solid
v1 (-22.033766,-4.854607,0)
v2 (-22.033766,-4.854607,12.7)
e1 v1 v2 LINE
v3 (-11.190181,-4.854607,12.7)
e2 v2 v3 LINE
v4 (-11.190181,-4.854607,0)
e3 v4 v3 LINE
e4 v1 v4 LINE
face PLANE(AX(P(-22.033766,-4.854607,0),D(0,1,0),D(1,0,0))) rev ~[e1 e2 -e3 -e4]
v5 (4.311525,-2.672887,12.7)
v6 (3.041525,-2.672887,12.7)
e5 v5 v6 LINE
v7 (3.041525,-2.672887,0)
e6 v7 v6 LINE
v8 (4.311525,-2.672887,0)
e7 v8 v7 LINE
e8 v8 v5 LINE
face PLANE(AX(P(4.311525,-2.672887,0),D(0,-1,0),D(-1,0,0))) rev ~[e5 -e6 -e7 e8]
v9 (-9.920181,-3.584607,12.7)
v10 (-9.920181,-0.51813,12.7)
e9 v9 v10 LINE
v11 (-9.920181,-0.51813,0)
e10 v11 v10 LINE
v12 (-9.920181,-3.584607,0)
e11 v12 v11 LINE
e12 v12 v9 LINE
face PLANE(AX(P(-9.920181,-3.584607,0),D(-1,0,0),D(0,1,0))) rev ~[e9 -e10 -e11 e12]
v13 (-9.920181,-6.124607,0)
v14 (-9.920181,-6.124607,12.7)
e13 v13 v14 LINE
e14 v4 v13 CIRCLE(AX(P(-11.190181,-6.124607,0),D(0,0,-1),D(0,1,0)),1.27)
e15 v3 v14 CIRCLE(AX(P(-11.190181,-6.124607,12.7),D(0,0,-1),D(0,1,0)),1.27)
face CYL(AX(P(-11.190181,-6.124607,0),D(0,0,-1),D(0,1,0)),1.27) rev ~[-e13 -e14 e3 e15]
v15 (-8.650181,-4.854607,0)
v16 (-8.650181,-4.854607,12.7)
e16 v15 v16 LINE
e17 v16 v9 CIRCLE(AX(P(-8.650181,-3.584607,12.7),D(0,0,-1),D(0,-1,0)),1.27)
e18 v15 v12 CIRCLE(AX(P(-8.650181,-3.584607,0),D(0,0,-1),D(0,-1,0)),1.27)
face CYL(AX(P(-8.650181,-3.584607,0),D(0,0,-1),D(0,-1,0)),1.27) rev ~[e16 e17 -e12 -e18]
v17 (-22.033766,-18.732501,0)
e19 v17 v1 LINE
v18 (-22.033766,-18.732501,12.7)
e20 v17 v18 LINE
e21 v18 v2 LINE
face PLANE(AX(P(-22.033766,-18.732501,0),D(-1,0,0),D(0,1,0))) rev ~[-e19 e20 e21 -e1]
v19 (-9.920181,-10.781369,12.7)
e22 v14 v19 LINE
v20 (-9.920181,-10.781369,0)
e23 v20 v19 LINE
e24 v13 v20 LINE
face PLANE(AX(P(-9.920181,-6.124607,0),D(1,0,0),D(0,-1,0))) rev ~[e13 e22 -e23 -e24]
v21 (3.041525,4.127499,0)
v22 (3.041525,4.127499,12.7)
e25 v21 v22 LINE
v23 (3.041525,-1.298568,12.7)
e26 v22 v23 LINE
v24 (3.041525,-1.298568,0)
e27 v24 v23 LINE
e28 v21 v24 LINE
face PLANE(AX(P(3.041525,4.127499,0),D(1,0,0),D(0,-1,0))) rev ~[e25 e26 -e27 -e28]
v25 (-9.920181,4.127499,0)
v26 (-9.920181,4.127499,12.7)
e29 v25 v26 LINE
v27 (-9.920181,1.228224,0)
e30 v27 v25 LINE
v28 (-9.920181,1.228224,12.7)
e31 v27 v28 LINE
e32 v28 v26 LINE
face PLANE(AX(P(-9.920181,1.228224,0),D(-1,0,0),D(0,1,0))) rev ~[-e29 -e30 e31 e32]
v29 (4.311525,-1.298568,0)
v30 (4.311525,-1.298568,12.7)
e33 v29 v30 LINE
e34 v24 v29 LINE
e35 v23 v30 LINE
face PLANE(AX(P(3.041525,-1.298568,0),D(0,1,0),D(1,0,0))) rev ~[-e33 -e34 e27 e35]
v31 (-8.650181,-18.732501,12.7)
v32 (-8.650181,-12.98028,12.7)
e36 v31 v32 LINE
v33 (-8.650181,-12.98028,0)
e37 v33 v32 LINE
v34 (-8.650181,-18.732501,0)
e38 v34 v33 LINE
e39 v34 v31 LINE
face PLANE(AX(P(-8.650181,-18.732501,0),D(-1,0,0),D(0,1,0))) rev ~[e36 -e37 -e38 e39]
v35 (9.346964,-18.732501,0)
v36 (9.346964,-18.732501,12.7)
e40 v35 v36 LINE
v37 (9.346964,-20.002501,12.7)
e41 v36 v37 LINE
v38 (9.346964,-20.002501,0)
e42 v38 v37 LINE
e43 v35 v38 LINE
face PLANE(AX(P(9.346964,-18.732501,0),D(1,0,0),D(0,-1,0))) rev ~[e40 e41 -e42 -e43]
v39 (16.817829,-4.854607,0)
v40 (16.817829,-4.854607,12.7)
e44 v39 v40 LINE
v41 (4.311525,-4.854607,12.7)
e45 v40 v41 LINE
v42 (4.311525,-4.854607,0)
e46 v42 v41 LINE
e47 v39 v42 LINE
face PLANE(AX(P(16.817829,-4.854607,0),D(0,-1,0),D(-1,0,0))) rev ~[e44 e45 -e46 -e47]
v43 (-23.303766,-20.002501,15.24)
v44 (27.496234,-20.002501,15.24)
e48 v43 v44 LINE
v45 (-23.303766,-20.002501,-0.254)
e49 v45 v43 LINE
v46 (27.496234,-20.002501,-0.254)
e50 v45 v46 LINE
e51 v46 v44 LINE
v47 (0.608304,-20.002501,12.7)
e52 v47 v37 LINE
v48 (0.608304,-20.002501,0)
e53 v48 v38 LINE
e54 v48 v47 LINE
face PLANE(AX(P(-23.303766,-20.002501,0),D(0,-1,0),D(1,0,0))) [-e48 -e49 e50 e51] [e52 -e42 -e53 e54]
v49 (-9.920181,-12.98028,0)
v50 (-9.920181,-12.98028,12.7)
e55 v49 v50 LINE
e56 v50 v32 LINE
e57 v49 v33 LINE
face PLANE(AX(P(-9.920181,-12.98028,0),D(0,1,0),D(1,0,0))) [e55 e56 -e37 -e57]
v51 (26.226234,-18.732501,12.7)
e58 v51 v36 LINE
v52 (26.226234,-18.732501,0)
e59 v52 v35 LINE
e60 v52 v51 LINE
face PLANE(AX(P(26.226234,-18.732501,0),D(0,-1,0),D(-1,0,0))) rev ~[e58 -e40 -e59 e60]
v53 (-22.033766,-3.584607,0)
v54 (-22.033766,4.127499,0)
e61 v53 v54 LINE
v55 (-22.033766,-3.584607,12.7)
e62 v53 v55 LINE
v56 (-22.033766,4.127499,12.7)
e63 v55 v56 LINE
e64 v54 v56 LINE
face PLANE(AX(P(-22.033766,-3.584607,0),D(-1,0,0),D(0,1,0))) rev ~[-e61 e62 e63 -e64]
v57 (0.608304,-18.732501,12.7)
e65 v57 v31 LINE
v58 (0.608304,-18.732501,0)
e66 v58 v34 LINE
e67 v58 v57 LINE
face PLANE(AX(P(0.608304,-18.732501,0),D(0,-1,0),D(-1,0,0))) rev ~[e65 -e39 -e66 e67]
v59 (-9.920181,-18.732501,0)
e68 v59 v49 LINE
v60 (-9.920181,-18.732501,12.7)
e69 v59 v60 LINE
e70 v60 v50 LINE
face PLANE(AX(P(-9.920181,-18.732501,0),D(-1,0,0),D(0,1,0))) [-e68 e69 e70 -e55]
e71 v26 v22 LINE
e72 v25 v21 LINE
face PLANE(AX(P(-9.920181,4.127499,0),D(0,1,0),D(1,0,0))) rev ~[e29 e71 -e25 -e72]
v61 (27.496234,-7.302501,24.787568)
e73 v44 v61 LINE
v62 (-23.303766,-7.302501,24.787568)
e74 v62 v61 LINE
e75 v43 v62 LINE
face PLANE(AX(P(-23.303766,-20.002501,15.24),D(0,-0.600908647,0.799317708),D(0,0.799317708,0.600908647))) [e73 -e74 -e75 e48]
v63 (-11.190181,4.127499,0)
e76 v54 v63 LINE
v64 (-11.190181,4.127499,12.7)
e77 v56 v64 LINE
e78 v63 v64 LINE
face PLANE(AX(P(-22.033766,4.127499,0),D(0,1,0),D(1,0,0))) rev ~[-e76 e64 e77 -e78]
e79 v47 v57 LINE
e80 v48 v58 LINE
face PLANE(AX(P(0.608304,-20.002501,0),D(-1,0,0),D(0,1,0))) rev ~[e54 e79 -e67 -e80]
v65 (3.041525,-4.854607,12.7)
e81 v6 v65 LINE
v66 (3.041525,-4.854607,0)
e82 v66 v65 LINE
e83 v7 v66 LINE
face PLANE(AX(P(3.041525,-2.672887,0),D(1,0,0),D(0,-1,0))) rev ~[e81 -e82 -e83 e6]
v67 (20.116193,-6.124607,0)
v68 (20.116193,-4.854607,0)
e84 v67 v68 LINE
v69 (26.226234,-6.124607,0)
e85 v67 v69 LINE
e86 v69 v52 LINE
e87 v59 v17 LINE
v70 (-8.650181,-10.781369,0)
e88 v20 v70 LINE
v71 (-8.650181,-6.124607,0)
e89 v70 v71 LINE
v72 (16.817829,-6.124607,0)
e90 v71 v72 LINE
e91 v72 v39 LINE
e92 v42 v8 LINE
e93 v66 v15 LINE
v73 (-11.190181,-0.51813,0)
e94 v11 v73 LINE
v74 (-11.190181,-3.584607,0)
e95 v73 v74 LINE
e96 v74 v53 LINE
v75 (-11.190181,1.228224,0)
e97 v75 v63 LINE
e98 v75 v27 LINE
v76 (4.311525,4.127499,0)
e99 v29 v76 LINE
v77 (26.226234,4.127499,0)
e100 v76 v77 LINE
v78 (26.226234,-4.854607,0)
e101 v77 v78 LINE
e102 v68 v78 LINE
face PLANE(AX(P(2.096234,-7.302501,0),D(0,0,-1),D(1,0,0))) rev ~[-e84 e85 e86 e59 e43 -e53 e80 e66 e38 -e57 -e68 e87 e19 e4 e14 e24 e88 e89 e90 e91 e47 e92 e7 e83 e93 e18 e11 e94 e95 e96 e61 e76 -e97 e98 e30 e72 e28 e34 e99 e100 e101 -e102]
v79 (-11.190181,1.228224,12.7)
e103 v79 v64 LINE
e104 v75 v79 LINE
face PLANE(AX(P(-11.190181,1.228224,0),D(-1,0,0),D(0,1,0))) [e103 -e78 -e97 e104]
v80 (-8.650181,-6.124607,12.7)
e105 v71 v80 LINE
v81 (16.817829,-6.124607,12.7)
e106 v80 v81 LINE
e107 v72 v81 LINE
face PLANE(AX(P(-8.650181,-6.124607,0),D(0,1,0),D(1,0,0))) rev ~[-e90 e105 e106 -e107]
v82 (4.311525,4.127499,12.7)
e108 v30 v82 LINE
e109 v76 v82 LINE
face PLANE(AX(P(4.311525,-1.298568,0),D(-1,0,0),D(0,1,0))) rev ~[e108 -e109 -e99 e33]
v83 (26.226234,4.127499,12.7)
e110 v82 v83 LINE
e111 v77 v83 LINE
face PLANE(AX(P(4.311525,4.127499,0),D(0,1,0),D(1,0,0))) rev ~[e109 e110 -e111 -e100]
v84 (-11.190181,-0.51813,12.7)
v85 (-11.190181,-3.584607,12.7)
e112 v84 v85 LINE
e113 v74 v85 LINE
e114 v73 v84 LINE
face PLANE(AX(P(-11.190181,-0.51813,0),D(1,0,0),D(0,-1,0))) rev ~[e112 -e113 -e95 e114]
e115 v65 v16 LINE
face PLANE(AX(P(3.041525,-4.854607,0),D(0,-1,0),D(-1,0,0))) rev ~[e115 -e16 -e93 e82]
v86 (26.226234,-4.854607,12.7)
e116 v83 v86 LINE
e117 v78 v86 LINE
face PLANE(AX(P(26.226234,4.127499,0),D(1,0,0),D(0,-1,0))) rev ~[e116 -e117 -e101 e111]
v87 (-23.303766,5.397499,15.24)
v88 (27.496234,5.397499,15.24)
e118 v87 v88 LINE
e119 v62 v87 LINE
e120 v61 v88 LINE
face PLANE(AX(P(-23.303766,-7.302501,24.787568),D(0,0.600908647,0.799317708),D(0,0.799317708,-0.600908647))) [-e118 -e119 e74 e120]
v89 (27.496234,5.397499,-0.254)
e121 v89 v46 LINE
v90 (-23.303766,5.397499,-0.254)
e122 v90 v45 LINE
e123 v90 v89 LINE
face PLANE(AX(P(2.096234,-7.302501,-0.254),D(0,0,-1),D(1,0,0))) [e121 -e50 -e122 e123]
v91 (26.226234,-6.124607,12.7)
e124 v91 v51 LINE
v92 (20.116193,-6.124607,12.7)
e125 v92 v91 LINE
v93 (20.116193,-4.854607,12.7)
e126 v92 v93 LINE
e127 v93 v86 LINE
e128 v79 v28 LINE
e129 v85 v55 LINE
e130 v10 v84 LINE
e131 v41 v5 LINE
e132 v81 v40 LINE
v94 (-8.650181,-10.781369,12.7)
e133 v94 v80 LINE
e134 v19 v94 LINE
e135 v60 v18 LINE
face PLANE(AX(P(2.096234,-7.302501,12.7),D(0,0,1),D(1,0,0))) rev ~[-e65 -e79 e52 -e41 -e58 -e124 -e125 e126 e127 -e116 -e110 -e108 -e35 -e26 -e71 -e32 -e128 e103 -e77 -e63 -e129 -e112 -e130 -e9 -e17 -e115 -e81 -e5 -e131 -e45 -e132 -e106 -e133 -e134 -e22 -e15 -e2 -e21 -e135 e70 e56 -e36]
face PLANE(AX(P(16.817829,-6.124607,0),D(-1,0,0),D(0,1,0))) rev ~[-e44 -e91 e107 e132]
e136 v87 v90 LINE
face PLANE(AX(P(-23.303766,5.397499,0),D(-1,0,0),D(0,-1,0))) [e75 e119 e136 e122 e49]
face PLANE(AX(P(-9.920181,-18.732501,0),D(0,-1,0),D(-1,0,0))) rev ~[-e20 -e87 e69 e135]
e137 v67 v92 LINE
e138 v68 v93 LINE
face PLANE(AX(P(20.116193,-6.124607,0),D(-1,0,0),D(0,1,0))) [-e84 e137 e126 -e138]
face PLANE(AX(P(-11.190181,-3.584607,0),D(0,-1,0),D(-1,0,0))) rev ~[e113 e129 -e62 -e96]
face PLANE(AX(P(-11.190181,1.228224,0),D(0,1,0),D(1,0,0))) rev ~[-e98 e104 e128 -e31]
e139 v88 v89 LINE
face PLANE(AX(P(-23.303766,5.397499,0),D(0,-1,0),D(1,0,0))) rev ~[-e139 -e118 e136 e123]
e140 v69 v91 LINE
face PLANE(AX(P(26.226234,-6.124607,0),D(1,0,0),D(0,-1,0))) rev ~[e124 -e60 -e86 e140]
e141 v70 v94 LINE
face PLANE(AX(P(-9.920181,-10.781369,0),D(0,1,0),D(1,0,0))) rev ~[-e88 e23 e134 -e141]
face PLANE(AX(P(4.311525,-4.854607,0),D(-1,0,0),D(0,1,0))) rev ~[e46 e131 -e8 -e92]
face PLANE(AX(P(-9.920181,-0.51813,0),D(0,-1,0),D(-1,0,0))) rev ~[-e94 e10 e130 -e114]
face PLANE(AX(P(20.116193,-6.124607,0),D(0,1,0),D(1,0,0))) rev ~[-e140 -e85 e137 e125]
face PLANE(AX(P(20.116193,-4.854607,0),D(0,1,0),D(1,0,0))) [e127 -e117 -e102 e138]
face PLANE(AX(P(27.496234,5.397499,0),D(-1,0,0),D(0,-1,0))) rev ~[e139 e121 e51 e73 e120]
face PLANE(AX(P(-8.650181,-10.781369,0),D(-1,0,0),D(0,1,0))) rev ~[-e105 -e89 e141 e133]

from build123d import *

# Parameters (mm, degrees)
F0_W     = 1.27
F0_H     = 5.7522215727
F0_W_2   = 6.1100403625
F0_H_2   = 1.27
F0_H_3   = 2.8992746613
F1_DEPTH = 12.7
F2_W     = 50.8
F2_H     = 25.4
F3_DEPTH = 2.54
F5_DEPTH = 50.8
F6_W     = 50.8
F6_H     = 25.4
F7_DEPTH = 0.254


with BuildPart() as f1:
    # F0 (on Top) → F1 (new body)
    with BuildSketch(Plane.XY):
        Polygon((27.4962335825, 5.3974989146), (-23.3037664175, 5.3974989146), (-23.3037664175, -20.0025010854), (0.6083042244, -20.0025010854), (0.6083042244, -18.7325010854), (-8.6501812091, -18.7325010854), (-9.9201812091, -18.7325010854), (-22.0337664175, -18.7325010854), (-22.0337664175, -4.8546069302), (-22.0337664175, -3.5846069302), (-22.0337664175, 4.1274989146), (-11.1901812091, 4.1274989146), (-9.9201812091, 4.1274989146), (3.0415252629, 4.1274989146), (3.0415252629, -1.2985680951), (4.3115252629, -1.2985680951), (4.3115252629, 4.1274989146), (26.2262335825, 4.1274989146), (26.2262335825, -4.8546069302), (26.2262335825, -6.1246069302), (26.2262335825, -18.7325010854), (9.3469638377, -18.7325010854), (9.3469638377, -20.0025010854), (27.4962335825, -20.0025010854), align=None)
        with Locations((-9.2851812091, -15.8563902991)):
            Rectangle(F0_W, F0_H)
        with Locations((23.1712134013, -5.4896069302)):
            Rectangle(F0_W_2, F0_H_2)
        with BuildLine():
            Line((-22.0337664175, -3.5846069302), (-22.0337664175, -4.8546069302))
            Line((-22.0337664175, -4.8546069302), (-11.1901812091, -4.8546069302))
            ThreePointArc((-11.1901812091, -4.8546069302), (-10.292155597, -5.2265813181), (-9.9201812091, -6.1246069302))
            Line((-9.9201812091, -6.1246069302), (-9.9201812091, -10.781369172))
            Line((-9.9201812091, -10.781369172), (-8.6501812091, -10.781369172))
            Line((-8.6501812091, -10.781369172), (-8.6501812091, -6.1246069302))
            Line((-8.6501812091, -6.1246069302), (16.8178286403, -6.1246069302))
            Line((16.8178286403, -6.1246069302), (16.8178286403, -4.8546069302))
            Line((16.8178286403, -4.8546069302), (4.3115252629, -4.8546069302))
            Line((4.3115252629, -4.8546069302), (4.3115252629, -2.6728871744))
            Line((4.3115252629, -2.6728871744), (3.0415252629, -2.6728871744))
            Line((3.0415252629, -2.6728871744), (3.0415252629, -4.8546069302))
            Line((3.0415252629, -4.8546069302), (-8.6501812091, -4.8546069302))
            ThreePointArc((-8.6501812091, -4.8546069302), (-9.5482068213, -4.4826325423), (-9.9201812091, -3.5846069302))
            Line((-9.9201812091, -3.5846069302), (-9.9201812091, -0.5181303131))
            Line((-9.9201812091, -0.5181303131), (-11.1901812091, -0.5181303131))
            Line((-11.1901812091, -0.5181303131), (-11.1901812091, -3.5846069302))
            Line((-11.1901812091, -3.5846069302), (-22.0337664175, -3.5846069302))
        make_face()
        with Locations((-10.5551812091, 2.6778615839)):
            Rectangle(F0_W, F0_H_3)
    extrude(amount=F1_DEPTH)

    # F2 (on face) → F3 (join)
    with BuildSketch(Plane.XY.offset(12.7)):
        with Locations((2.0962335825, -7.3025010854)):
            Rectangle(F2_W, F2_H)
    extrude(amount=F3_DEPTH)

    # F4 (on face) → F5 (join)
    with BuildSketch(Plane(origin=(-23.3037664175, 0, 0), x_dir=(0, -1, 0), z_dir=(-1, 0, 0))):
        Polygon((7.3025010854, 24.7875675559), (-5.3974989146, 15.24), (20.0025010854, 15.24), align=None)
    extrude(amount=-F5_DEPTH)

    # F6 (on face) → F7 (join)
    with BuildSketch(Plane(origin=(0, 0, 0), x_dir=(1, 0, 0), z_dir=(0, 0, -1))):
        with Locations((2.0962335825, 7.3025010854)):
            Rectangle(F6_W, F6_H)
    extrude(amount=F7_DEPTH)


solid = f1.part
